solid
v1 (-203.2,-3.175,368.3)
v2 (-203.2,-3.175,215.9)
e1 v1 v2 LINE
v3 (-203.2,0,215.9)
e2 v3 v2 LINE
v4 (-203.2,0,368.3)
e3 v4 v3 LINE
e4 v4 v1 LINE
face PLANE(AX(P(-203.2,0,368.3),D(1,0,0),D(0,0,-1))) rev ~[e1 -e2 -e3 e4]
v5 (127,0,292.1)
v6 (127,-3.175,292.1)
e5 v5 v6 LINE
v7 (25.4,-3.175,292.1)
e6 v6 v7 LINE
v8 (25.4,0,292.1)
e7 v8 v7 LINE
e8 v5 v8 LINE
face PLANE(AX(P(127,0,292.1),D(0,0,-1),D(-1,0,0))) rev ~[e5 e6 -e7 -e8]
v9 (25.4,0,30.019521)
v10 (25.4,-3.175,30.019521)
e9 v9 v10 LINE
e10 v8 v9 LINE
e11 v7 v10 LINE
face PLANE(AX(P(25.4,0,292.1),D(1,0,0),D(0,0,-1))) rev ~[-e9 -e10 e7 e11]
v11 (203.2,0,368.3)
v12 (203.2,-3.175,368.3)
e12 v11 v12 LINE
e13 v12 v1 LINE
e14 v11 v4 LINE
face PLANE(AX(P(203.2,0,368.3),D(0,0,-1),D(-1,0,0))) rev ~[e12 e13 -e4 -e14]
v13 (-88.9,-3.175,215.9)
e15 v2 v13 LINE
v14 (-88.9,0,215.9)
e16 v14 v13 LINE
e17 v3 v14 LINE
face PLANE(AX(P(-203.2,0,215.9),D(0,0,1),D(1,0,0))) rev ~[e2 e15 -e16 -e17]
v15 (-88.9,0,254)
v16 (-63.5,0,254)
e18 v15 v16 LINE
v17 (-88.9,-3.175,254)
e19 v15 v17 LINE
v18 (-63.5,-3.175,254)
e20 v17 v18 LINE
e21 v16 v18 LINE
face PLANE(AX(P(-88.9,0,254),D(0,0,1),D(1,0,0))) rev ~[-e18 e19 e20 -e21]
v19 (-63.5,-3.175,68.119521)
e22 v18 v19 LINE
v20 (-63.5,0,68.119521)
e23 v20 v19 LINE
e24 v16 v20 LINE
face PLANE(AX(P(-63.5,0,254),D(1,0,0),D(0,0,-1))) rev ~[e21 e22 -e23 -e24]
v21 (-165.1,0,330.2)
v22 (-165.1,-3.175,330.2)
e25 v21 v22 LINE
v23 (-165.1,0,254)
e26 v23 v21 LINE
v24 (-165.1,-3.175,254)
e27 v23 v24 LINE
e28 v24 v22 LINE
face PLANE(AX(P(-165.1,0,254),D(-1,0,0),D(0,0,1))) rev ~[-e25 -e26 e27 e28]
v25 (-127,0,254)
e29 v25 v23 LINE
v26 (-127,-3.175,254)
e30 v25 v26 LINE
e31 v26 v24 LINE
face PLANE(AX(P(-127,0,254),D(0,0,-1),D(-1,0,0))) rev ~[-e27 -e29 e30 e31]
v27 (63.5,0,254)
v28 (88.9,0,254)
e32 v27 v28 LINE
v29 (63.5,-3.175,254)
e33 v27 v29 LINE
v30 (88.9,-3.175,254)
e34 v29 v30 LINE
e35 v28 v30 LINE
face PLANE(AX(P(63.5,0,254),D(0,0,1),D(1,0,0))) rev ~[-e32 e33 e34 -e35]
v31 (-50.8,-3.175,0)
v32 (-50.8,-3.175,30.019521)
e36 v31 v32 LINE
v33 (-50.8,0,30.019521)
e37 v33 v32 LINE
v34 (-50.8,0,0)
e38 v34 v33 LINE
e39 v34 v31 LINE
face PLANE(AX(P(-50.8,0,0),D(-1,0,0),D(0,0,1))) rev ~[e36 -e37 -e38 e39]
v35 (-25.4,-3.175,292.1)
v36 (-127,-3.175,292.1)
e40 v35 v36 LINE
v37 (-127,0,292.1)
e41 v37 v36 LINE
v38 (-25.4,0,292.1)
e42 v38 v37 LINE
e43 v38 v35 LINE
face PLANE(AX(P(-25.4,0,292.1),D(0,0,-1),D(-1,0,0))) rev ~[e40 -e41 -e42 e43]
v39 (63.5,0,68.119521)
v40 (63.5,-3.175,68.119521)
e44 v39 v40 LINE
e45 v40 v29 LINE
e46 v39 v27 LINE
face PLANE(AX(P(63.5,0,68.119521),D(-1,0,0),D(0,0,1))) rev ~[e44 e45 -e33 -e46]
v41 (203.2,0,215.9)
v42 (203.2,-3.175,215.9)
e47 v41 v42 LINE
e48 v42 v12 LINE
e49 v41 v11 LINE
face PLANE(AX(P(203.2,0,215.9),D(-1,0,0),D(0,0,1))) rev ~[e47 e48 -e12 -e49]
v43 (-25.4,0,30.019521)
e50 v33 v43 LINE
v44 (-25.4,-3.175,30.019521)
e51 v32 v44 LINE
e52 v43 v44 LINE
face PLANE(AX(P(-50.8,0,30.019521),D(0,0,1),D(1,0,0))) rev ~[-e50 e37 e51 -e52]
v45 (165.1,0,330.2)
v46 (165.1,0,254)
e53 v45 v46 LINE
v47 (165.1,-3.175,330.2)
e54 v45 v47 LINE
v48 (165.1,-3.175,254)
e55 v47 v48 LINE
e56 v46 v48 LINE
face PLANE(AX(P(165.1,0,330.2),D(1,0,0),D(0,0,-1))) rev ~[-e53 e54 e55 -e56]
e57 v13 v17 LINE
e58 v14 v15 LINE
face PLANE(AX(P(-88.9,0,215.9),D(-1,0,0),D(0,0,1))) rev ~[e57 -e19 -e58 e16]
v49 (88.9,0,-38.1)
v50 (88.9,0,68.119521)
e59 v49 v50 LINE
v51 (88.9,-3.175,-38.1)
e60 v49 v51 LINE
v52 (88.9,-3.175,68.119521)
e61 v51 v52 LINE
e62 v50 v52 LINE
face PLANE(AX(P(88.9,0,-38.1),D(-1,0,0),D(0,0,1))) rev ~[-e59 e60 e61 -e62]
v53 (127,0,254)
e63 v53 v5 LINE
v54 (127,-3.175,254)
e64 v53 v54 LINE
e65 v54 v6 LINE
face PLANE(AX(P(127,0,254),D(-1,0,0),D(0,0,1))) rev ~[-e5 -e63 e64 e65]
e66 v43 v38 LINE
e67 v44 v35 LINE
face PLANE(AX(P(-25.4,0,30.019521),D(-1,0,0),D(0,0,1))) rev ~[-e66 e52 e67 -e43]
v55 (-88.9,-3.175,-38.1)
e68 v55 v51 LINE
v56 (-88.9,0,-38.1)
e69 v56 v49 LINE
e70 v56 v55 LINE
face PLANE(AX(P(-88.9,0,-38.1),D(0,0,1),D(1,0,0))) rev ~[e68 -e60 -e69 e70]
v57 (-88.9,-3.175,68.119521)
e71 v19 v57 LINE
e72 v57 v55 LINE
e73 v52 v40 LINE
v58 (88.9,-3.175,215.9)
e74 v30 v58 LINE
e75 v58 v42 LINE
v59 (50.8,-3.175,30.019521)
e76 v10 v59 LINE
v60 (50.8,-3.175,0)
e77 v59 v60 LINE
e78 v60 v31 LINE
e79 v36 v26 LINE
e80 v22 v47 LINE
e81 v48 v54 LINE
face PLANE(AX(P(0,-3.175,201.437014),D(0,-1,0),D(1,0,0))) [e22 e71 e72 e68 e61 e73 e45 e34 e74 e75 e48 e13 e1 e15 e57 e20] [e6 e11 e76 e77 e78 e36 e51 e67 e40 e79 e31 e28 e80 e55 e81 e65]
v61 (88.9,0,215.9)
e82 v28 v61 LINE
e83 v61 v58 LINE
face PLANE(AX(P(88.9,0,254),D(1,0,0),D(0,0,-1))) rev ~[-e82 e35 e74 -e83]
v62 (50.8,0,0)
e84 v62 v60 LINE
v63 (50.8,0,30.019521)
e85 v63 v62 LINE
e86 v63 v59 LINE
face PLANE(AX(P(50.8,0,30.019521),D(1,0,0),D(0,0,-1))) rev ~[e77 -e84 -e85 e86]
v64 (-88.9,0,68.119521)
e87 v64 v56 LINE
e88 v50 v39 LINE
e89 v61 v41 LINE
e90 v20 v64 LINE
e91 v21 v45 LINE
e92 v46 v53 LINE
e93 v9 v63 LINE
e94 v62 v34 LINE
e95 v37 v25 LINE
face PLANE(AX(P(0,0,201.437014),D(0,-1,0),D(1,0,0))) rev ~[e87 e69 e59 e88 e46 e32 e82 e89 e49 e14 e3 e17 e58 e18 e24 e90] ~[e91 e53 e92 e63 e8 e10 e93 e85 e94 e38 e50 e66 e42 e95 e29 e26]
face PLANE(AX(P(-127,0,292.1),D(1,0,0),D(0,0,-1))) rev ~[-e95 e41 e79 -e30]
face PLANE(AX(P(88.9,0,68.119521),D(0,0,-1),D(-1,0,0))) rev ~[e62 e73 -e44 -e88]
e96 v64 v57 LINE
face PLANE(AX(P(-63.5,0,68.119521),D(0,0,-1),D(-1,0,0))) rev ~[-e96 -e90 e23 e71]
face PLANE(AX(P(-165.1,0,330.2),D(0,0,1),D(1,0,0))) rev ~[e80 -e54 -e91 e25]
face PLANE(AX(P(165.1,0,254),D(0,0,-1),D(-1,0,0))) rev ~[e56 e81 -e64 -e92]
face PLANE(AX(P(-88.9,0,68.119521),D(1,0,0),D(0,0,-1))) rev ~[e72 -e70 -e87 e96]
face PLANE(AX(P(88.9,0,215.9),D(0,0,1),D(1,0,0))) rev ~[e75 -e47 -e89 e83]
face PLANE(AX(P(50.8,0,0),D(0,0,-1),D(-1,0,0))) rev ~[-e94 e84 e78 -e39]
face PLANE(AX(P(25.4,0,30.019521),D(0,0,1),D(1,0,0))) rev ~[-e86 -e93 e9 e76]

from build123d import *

# Parameters (mm, degrees)
F1_DEPTH = 3.175


with BuildPart() as f1:
    # F0 (on Front) → F1 (new body)
    with BuildSketch(Plane.XZ):
        Polygon((-88.9, 254), (-63.5, 254), (-63.5, 68.119521), (-88.9, 68.119521), (-88.9, -38.1), (0, -38.1), (88.9, -38.1), (88.9, 68.119521), (63.5, 68.119521), (63.5, 254), (88.9, 254), (88.9, 215.9), (203.2, 215.9), (203.2, 368.3), (0, 368.3), (-203.2, 368.3), (-203.2, 215.9), (-88.9, 215.9), align=None)
        Polygon((-127, 330.2), (-25.4, 330.2), (0, 330.2), (165.1, 330.2), (165.1, 254), (127, 254), (127, 292.1), (25.4, 292.1), (25.4, 30.019521), (50.8, 30.019521), (50.8, 0), (0, 0), (-25.4, 0), (-50.8, 0), (-50.8, 30.019521), (-25.4, 30.019521), (-25.4, 292.1), (-127, 292.1), (-127, 254), (-165.1, 254), (-165.1, 292.1), (-165.1, 330.2), align=None, mode=Mode.SUBTRACT)
    extrude(amount=F1_DEPTH)


solid = f1.part
